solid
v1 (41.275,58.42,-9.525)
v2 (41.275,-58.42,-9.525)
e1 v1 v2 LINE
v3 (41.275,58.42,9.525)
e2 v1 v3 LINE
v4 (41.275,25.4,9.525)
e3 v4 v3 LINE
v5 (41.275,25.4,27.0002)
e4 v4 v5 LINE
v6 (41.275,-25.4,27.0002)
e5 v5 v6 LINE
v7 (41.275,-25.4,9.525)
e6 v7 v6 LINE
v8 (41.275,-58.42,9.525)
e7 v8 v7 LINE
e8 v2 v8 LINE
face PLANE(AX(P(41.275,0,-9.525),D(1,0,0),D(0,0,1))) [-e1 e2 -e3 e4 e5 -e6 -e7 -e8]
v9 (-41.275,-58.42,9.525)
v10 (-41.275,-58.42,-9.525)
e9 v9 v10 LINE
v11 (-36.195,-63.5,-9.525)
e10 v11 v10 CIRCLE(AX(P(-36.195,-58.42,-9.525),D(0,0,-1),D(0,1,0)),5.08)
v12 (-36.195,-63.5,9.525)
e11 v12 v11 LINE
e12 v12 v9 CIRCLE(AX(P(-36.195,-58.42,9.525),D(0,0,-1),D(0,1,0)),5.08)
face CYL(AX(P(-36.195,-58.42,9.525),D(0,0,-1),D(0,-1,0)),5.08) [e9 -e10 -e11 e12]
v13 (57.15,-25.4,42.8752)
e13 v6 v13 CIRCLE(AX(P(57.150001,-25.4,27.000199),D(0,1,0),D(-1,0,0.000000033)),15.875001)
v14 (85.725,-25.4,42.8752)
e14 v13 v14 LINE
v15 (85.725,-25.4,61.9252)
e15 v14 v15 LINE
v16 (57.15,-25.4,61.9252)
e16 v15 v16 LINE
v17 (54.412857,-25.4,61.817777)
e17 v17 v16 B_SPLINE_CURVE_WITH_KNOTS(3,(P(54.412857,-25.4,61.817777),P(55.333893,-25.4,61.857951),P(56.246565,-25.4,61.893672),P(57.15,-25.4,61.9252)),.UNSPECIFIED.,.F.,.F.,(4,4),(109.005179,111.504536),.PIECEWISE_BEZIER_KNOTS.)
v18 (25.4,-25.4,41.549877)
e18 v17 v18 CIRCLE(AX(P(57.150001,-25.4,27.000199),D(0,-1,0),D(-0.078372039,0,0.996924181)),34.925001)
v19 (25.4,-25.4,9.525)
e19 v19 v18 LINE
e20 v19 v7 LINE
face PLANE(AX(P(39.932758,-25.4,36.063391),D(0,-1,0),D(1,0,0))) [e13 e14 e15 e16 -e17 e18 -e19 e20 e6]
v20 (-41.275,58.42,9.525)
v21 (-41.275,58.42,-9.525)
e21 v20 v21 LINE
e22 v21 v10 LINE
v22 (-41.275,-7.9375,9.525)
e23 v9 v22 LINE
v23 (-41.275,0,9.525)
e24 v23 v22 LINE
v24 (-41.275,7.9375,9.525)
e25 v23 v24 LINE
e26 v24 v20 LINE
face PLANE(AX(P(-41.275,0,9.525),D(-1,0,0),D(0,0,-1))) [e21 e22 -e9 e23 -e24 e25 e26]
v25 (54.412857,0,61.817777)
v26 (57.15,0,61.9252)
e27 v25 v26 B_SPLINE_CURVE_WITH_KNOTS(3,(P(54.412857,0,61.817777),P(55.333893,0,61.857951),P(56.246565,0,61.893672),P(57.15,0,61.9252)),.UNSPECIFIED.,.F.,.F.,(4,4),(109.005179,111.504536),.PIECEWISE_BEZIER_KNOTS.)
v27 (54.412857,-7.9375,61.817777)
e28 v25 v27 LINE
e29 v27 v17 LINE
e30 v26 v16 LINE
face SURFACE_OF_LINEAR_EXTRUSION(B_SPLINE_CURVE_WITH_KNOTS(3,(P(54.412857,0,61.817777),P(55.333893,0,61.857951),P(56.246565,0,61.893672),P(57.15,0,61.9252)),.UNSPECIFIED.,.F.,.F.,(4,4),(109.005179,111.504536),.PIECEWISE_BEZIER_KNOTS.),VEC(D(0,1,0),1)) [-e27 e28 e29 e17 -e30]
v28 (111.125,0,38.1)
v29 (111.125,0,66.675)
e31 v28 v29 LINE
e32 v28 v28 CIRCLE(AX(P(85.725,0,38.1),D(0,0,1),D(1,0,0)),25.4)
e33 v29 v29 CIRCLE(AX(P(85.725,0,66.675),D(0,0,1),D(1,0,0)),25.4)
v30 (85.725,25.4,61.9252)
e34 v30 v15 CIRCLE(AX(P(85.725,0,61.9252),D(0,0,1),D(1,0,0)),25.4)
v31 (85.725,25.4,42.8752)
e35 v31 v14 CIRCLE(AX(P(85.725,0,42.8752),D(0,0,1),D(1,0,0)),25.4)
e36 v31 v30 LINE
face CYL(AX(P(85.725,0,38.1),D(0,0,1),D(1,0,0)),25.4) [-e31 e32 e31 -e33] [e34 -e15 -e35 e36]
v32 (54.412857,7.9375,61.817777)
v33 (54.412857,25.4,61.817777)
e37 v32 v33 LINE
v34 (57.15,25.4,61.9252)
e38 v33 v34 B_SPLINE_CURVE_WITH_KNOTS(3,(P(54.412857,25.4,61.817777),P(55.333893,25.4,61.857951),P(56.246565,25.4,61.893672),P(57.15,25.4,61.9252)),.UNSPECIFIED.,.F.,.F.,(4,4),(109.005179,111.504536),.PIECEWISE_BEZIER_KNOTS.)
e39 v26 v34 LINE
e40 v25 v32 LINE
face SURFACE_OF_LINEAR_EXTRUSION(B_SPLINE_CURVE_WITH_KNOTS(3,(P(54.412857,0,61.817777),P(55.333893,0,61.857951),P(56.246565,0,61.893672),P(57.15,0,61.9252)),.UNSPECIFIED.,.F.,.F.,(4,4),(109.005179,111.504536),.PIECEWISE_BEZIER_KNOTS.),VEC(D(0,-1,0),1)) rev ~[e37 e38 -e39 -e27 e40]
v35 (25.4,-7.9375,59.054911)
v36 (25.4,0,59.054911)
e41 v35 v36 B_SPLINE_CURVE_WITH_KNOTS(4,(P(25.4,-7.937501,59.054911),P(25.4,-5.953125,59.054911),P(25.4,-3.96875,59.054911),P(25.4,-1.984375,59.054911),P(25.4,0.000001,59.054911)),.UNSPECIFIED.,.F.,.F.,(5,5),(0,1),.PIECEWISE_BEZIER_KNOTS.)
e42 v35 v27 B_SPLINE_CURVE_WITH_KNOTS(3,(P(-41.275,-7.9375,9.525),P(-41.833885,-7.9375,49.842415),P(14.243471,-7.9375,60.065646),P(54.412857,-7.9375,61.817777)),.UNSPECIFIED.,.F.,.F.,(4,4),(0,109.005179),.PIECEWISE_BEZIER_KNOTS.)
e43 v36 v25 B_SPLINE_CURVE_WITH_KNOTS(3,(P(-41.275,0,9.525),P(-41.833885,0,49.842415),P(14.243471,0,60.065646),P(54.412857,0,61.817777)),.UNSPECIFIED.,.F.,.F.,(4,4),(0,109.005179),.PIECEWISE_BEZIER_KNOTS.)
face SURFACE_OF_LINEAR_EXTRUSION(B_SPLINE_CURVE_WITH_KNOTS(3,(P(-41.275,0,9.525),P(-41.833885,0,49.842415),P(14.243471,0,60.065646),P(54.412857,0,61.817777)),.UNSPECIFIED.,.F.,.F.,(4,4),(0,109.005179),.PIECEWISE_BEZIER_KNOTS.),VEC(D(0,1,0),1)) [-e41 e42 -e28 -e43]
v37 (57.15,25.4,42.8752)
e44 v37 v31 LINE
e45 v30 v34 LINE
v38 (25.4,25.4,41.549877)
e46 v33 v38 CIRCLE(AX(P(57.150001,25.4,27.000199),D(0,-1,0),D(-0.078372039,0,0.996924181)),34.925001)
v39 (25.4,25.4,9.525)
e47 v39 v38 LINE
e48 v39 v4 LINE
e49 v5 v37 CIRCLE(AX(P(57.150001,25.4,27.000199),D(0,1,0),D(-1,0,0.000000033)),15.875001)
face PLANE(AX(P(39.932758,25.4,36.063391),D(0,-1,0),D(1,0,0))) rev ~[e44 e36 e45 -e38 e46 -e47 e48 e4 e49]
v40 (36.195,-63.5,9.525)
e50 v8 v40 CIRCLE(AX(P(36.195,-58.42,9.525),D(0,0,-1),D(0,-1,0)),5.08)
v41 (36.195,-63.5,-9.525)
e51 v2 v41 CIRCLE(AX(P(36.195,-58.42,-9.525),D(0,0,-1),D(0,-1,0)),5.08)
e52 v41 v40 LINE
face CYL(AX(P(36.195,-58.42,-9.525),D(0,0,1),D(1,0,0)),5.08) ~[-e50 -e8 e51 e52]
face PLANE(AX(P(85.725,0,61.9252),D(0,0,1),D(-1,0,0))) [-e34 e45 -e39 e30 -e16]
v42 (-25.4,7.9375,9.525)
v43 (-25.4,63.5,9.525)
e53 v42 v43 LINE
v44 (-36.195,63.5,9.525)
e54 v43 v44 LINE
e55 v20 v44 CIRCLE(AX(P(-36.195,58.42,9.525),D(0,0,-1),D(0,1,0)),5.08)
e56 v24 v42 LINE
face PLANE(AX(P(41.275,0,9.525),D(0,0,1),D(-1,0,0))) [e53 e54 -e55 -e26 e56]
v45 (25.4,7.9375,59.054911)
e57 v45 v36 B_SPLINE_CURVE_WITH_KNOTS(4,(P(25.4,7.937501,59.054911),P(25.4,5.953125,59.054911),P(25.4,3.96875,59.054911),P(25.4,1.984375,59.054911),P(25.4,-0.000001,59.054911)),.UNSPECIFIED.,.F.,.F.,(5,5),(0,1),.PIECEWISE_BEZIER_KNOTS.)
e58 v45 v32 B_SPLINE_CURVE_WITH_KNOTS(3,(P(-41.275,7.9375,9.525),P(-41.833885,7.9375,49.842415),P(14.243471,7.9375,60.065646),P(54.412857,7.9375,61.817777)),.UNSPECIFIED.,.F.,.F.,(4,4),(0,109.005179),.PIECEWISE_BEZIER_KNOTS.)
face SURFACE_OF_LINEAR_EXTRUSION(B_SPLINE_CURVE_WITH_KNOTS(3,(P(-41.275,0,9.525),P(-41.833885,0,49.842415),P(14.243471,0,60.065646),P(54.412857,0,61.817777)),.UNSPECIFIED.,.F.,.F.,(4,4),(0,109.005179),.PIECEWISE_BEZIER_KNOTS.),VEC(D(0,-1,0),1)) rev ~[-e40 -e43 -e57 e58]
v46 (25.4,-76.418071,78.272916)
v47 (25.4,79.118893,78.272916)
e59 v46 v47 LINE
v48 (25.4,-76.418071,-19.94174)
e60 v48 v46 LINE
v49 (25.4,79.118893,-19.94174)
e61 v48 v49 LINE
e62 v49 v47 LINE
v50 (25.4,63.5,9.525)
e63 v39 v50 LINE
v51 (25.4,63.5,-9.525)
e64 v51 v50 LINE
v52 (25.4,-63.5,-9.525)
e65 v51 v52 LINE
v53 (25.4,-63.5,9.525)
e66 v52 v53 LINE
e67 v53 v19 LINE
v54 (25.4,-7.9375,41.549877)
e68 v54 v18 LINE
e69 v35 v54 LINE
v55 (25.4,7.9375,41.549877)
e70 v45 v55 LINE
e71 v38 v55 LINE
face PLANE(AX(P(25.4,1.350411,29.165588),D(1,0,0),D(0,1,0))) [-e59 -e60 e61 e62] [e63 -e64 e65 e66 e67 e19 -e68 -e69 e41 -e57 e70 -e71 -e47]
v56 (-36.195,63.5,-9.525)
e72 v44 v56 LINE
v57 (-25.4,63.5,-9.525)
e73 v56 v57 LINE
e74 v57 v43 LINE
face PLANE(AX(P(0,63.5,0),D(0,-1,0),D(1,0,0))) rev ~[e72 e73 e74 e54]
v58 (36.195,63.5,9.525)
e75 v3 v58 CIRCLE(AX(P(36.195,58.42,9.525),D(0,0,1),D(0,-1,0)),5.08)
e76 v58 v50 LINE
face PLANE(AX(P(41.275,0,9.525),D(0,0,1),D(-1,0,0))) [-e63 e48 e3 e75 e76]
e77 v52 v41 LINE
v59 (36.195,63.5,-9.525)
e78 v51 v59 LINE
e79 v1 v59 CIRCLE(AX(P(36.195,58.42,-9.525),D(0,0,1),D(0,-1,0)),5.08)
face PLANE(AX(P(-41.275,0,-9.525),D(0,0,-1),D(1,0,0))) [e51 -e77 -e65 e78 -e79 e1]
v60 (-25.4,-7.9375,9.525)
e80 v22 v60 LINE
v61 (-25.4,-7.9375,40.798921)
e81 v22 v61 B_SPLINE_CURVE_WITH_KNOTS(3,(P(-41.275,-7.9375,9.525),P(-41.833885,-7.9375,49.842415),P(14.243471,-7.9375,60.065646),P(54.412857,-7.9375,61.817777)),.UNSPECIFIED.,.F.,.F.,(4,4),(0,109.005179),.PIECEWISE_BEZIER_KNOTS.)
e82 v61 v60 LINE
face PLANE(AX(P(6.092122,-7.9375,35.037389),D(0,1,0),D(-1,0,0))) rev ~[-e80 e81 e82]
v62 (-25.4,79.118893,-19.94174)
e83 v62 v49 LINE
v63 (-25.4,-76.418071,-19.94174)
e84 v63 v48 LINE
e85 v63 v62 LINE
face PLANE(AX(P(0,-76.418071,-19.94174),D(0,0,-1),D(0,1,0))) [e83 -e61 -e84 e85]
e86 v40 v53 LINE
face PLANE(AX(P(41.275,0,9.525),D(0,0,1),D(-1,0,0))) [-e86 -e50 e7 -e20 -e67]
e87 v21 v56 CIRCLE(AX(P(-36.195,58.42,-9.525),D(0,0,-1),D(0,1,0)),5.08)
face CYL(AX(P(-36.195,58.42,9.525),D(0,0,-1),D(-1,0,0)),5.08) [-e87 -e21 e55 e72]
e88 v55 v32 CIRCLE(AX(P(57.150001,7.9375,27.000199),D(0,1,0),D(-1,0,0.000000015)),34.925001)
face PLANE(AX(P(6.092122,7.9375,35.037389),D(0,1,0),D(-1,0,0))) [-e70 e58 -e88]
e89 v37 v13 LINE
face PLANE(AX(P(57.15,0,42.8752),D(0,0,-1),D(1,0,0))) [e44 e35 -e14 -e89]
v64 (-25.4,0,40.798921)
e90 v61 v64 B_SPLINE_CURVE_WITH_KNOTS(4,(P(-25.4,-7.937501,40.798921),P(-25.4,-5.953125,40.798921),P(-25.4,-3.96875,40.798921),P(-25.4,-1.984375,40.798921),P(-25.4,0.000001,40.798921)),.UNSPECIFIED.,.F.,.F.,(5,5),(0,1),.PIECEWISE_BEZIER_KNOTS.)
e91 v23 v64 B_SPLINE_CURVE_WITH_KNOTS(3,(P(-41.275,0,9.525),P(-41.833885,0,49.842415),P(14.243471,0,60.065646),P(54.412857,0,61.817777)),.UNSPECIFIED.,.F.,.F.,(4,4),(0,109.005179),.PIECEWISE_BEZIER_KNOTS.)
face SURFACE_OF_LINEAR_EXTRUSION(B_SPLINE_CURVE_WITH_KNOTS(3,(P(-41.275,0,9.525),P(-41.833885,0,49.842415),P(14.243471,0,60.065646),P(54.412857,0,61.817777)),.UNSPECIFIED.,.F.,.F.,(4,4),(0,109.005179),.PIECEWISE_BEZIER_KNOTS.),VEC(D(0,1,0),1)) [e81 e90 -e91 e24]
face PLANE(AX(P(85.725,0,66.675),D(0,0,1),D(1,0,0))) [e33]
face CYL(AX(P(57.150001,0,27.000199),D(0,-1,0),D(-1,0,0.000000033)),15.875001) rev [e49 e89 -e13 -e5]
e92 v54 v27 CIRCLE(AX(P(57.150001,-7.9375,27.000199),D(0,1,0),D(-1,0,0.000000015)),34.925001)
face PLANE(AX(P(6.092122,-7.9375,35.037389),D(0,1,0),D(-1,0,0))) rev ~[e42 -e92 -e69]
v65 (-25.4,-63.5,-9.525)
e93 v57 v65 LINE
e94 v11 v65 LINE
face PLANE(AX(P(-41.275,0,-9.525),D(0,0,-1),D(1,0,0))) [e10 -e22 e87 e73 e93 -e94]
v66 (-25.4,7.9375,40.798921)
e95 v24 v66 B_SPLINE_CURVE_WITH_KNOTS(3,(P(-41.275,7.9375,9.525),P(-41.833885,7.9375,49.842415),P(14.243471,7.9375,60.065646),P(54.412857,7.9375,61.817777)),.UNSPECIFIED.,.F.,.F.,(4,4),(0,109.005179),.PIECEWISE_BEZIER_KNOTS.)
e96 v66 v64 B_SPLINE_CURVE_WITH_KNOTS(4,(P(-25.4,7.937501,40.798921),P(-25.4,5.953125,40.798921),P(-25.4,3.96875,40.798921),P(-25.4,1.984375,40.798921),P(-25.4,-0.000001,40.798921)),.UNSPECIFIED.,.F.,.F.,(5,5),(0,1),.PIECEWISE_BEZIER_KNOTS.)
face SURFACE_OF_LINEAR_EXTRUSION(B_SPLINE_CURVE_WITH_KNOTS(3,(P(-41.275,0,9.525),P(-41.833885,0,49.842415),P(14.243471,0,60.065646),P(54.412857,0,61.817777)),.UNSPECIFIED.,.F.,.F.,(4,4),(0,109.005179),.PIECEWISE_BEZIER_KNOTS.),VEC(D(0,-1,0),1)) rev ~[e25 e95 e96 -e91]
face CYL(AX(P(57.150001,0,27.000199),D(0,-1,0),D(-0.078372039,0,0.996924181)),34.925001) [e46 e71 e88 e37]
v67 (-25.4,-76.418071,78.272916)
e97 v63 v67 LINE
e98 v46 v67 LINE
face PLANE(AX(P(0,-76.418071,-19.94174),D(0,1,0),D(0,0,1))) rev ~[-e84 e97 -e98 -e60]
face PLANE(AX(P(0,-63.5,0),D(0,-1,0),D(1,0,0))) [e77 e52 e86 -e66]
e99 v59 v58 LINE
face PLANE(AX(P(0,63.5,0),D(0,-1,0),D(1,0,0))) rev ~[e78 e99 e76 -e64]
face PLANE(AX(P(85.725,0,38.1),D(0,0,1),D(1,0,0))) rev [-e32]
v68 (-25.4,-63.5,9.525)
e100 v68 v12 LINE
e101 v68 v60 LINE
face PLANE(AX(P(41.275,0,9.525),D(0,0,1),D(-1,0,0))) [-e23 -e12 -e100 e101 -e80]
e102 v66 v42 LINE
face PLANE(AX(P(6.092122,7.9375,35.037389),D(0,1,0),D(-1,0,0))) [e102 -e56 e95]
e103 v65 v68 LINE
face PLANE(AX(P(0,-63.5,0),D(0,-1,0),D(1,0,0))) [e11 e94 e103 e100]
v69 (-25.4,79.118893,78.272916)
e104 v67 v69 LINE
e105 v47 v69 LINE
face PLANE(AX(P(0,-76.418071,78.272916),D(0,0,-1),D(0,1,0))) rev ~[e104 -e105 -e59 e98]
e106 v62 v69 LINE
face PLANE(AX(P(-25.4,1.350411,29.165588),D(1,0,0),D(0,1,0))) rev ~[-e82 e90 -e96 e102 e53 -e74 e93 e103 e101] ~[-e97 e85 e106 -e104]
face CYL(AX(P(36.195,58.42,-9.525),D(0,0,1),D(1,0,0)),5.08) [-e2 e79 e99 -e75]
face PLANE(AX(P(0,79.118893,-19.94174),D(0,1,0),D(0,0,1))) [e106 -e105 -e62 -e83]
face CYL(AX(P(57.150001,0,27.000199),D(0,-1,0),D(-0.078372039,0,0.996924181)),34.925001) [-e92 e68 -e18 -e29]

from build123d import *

# Parameters (mm, degrees)
F1_DEPTH = 63.5
F0_W     = 25.4
F0_H     = 19.05
F2_DEPTH = 25.4
F3_DEPTH = 7.9375
F5_R     = 5.08
F6_W     = 155.536965
F6_H     = 98.214656
F7_DEPTH = 25.4


with BuildPart() as f1:
    # F0 (on Front) → F1 (new body, symmetric)
    with BuildSketch(Plane.XZ):
        Polygon((22.225, 9.525), (-41.275, 9.525), (-41.275, -9.525), (41.275, -9.525), (41.275, 9.525), align=None)
    extrude(amount=F1_DEPTH, both=True)

    # F0 (on Front) → F2 (join, symmetric)
    with BuildSketch(Plane.XZ):
        with BuildLine():
            Line((22.225, 27.0002), (22.225, 9.525))
            Line((22.225, 9.525), (41.275, 9.525))
            Line((41.275, 9.525), (41.275, 27.0002))
            ThreePointArc((41.275, 27.0002), (45.92468, 38.22552), (57.15, 42.8752))
            Line((57.15, 42.8752), (60.325, 42.8752))
            Line((60.325, 42.8752), (60.325, 61.9252))
            Line((60.325, 61.9252), (57.15, 61.9252))
            add(Edge.make_bspline(
                [(54.412857, 61.817777), (55.333893, 61.857951), (56.246565, 61.893672), (57.15, 61.9252)],
                knots=[109.005179, 109.005179, 109.005179, 109.005179, 111.504536, 111.504536, 111.504536, 111.504536], degree=3))
            ThreePointArc((54.412857, 61.817777), (31.504822, 50.708436), (22.225, 27.0002))
        make_face()
        with Locations((73.025, 52.4002)):
            Rectangle(F0_W, F0_H)
    extrude(amount=F2_DEPTH, both=True)

    # F0 (on Front) → F3 (join, symmetric)
    with BuildSketch(Plane.XZ):
        with BuildLine():
            add(Edge.make_bspline(
                [(-41.275, 9.525), (-41.833885, 49.842415), (14.243471, 60.065646), (54.412857, 61.817777)],
                knots=[0, 0, 0, 0, 109.005179, 109.005179, 109.005179, 109.005179], degree=3))
            Line((-41.275, 9.525), (22.225, 9.525))
            Line((22.225, 9.525), (22.225, 27.0002))
            ThreePointArc((22.225, 27.0002), (31.504822, 50.708436), (54.412857, 61.817777))
        make_face()
    extrude(amount=F3_DEPTH, both=True)

    # F0 (on Front) → F4 (revolve)
    with BuildSketch(Plane.XZ):
        Polygon((85.725, 66.675), (85.725, 61.9252), (85.725, 42.8752), (85.725, 38.1), (111.125, 38.1), (111.125, 66.675), align=None)
    revolve(axis=Axis((85.725, 0, 52.3875), (0, 0, 1)))

    # F5
    f5_edges = [f1.edges().sort_by_distance(p)[0] for p in [
        (41.275, -63.5, 0),
        (-41.275, -63.5, 0),
        (41.275, 63.5, 0),
        (-41.275, 63.5, 0),
    ]]
    fillet(f5_edges, radius=F5_R)

    # F6 (on Right) → F7 (join, symmetric)
    with BuildSketch(Plane.YZ):
        with Locations((1.350411, 29.165588)):
            Rectangle(F6_W, F6_H)
    extrude(amount=F7_DEPTH, both=True)


solid = f1.part
